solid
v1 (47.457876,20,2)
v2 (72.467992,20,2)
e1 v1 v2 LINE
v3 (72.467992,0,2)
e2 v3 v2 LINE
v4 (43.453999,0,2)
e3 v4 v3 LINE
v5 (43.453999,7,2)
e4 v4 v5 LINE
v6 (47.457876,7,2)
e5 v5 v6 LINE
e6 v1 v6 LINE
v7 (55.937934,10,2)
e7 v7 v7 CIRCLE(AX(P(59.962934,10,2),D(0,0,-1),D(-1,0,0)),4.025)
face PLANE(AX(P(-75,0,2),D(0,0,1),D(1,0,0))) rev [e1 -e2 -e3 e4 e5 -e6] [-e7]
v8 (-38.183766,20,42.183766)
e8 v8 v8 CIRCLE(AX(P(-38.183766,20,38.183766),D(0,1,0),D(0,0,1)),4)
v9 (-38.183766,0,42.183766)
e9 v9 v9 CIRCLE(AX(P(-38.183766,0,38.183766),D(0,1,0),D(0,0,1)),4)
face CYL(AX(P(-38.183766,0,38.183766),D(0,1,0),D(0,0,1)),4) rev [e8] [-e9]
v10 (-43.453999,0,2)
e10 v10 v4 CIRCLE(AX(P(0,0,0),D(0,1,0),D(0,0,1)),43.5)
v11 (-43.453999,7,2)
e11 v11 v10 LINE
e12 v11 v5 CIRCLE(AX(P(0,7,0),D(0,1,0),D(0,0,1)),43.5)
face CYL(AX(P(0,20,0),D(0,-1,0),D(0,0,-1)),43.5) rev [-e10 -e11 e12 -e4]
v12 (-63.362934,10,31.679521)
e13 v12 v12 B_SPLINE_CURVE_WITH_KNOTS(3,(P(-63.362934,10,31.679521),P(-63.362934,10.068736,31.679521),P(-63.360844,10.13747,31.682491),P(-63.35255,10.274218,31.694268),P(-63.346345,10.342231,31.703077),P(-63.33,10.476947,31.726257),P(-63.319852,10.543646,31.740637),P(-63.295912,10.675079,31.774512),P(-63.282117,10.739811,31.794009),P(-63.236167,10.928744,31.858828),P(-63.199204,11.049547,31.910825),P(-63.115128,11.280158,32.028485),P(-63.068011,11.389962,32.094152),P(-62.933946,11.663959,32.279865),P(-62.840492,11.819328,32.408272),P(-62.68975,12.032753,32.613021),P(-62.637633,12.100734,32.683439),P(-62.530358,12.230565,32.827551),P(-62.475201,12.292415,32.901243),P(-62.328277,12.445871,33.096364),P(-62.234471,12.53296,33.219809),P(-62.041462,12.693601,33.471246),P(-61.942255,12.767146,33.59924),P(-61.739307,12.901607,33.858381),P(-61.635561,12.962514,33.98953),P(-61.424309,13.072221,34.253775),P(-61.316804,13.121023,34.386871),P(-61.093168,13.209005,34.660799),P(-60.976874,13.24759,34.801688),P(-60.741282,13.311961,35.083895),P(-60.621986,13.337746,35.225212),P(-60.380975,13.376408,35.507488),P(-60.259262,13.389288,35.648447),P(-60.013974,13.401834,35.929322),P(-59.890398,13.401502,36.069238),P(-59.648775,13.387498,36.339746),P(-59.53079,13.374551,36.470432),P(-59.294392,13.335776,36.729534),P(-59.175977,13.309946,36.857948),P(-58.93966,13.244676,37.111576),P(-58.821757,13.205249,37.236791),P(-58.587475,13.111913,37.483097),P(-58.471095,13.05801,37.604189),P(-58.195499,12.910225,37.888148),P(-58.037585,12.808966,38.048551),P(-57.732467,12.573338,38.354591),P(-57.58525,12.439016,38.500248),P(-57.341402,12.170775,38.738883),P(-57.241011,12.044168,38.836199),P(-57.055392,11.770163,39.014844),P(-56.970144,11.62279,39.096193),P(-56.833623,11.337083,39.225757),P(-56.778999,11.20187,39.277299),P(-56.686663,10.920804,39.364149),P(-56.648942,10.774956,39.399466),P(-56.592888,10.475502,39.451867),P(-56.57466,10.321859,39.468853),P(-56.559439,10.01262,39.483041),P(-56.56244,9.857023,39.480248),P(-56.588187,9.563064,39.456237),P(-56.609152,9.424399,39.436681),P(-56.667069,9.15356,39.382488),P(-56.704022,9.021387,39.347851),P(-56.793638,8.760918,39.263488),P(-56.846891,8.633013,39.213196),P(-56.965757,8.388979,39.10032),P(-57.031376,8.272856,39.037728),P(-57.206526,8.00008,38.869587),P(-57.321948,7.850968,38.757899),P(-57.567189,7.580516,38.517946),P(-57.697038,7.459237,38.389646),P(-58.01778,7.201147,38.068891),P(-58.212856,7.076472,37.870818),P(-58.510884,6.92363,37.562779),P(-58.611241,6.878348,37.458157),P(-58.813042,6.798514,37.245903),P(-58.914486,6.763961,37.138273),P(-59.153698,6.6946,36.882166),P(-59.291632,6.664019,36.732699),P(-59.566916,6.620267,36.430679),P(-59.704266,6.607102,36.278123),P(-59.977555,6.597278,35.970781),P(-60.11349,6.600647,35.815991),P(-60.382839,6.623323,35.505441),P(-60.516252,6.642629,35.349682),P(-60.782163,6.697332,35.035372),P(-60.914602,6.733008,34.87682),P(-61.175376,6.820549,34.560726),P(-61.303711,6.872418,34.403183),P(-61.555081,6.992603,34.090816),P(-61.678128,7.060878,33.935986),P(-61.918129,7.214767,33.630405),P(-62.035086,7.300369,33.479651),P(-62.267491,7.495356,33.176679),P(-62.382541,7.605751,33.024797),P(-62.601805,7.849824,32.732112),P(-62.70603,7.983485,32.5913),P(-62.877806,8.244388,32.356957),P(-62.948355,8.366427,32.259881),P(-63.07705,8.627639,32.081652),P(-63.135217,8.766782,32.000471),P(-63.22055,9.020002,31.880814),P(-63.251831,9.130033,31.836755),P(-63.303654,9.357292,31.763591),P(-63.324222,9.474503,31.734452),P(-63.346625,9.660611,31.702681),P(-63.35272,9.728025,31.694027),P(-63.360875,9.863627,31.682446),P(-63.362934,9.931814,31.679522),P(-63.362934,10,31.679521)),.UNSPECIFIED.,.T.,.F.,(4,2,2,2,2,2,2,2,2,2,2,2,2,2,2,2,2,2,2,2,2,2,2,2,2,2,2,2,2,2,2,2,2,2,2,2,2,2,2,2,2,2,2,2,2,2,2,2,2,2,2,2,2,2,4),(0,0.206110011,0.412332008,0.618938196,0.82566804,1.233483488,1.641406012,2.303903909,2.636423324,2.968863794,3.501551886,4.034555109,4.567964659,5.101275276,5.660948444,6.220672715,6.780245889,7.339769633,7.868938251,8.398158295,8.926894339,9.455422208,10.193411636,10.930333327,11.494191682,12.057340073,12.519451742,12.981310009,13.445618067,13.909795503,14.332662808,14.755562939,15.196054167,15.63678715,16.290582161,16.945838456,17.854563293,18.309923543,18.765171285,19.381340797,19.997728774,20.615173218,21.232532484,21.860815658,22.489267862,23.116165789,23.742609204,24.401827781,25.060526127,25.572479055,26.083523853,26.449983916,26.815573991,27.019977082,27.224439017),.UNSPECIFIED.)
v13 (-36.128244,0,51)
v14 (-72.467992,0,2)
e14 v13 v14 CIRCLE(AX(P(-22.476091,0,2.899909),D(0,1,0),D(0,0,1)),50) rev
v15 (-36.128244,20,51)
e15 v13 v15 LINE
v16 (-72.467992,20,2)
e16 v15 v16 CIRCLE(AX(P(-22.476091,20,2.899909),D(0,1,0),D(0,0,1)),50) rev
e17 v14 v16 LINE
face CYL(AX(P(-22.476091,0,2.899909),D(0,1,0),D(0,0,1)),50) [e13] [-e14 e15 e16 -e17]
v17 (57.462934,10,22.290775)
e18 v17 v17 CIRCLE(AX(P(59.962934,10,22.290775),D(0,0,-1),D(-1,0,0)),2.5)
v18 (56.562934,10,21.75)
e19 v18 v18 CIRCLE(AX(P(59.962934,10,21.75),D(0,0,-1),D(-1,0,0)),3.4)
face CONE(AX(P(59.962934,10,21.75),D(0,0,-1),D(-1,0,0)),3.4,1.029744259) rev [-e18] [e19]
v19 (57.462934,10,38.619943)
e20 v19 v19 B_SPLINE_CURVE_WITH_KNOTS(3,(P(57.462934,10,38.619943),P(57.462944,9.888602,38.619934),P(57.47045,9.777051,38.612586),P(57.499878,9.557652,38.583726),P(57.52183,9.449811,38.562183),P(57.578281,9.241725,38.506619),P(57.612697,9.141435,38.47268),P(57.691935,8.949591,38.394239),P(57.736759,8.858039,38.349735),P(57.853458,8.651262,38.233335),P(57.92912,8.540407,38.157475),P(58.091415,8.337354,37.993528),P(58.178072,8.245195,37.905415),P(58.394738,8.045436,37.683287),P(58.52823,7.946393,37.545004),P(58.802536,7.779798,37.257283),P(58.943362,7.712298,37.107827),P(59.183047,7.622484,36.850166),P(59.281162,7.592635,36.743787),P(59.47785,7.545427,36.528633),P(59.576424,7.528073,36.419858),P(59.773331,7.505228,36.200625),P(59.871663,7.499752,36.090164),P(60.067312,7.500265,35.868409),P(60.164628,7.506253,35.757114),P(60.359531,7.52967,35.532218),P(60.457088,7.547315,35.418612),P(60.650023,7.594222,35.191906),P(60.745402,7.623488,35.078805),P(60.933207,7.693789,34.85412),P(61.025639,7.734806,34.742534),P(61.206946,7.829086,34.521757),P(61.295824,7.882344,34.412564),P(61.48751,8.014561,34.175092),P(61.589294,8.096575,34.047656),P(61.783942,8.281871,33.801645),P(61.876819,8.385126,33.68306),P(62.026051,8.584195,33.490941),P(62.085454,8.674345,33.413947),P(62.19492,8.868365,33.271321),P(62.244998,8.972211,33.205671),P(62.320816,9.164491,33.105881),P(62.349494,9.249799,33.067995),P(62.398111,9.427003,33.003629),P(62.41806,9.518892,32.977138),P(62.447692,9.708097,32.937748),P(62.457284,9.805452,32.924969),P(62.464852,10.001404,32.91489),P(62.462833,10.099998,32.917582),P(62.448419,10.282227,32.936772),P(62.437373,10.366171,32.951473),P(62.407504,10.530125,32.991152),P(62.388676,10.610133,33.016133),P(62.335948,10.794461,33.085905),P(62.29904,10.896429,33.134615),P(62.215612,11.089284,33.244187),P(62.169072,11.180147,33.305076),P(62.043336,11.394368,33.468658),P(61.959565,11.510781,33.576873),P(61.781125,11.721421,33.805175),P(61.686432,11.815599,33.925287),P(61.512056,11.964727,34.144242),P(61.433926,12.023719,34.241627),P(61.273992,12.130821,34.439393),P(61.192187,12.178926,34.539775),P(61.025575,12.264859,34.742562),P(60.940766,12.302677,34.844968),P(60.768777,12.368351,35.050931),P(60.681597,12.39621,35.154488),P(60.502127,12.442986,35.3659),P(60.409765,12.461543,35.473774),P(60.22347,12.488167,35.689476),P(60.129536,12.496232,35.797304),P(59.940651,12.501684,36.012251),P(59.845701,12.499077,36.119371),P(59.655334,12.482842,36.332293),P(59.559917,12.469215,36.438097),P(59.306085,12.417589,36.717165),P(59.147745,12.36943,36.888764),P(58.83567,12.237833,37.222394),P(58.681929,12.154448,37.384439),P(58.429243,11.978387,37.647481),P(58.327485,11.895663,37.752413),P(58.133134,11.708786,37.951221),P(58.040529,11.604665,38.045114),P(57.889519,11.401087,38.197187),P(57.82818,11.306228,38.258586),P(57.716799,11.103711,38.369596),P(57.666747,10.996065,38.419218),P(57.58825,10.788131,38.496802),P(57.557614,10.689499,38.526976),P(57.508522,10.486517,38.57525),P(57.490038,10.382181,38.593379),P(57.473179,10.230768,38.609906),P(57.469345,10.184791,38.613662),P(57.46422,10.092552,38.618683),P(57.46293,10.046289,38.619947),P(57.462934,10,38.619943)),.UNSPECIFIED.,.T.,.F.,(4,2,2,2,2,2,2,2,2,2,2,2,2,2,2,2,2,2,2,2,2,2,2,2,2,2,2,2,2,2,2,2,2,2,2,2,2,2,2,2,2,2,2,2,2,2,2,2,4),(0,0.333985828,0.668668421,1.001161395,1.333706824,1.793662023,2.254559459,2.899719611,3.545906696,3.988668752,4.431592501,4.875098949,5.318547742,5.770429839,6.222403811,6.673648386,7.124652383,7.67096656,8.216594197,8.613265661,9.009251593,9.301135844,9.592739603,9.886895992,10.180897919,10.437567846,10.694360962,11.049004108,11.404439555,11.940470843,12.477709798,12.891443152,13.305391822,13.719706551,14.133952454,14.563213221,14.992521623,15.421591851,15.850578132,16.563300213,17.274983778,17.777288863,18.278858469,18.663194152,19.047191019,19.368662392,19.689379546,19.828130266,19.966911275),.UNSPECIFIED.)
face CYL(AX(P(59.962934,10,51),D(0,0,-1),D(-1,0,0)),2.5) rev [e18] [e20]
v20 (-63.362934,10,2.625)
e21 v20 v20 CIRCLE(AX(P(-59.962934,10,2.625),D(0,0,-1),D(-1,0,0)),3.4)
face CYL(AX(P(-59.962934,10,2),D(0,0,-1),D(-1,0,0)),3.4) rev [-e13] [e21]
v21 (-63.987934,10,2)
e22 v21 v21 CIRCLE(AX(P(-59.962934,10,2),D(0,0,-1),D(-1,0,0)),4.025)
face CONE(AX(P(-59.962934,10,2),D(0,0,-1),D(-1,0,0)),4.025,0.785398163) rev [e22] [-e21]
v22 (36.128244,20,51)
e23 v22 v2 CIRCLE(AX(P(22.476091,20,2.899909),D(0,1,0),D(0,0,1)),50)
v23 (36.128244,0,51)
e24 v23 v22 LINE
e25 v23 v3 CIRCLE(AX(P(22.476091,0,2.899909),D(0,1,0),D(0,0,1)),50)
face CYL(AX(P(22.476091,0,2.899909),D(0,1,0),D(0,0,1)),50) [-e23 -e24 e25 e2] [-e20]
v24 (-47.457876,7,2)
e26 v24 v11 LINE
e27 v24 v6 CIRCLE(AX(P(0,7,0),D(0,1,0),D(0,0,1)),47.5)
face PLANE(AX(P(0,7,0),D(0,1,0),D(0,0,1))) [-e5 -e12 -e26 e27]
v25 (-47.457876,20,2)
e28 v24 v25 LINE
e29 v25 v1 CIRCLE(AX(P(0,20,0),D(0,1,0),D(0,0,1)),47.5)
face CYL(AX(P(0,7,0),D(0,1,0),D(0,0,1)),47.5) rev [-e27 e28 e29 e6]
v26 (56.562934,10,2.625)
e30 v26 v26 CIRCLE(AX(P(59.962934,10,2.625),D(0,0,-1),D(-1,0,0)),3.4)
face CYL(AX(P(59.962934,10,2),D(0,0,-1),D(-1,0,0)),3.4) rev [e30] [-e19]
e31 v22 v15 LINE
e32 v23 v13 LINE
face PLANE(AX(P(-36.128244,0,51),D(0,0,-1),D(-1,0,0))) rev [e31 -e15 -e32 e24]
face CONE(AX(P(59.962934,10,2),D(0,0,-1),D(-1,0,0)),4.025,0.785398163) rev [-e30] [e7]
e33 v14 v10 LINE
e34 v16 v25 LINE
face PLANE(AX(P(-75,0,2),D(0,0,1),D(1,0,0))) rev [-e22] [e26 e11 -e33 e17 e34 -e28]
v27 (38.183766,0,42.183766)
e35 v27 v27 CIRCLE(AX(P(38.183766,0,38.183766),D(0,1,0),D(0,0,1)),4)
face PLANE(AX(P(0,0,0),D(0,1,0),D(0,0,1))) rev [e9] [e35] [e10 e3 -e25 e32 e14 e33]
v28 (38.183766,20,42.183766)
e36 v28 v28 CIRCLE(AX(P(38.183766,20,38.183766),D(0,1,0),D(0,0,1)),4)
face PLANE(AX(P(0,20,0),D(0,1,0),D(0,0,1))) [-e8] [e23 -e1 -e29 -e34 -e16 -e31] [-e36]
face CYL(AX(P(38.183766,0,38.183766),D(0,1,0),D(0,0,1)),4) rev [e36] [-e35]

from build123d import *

# Parameters (mm, degrees)
SKETCH1_R                   = 62.5
SKETCH1_R_2                 = 43.5
BOSS_EXTRUDE1_DEPTH         = 20
SKETCH2_R                   = 47.5
CUT_EXTRUDE1_DEPTH          = 13
SKETCH3_R                   = 4
CUT_EXTRUDE2_DEPTH          = 91.622844802
SKETCH4_W                   = 150
SKETCH4_H                   = 64.5
SKETCH4_W_2                 = 72.256487598
SKETCH4_H_2                 = 11.5
CUT_EXTRUDE3_DEPTH          = 91.622844802
BOSS_EXTRUDE4_DEPTH         = 20
SKETCH7_R                   = 2.5
CUT_EXTRUDE4_DEPTH          = 90.742875716
M8_TAPPED_HOLE1_D           = 6.8
M8_TAPPED_HOLE1_DEPTH       = 38.75
M8_TAPPED_HOLE1_CSINK_D     = 8.05
M8_TAPPED_HOLE1_CSINK_ANGLE = 90
M8_TAPPED_HOLE1_TIP         = 2.042926105
M8_TAPPED_HOLE2_D           = 6.8
M8_TAPPED_HOLE2_DEPTH       = 19.75
M8_TAPPED_HOLE2_CSINK_D     = 8.05
M8_TAPPED_HOLE2_CSINK_ANGLE = 90
M8_TAPPED_HOLE2_TIP         = 2.042926105


with BuildPart() as part:
    # Sketch1 → Boss-Extrude1 (new body)
    with BuildSketch(Plane(origin=(0, 0, 0), x_dir=(1, 0, 0), z_dir=(0, 1, 0))):
        with Locations(Location((0, 0, 0), (0, 0, 270))):
            Circle(SKETCH1_R)
        with Locations(Location((0, 0, 0), (0, 0, 270))):
            Circle(SKETCH1_R_2, mode=Mode.SUBTRACT)
    extrude(amount=BOSS_EXTRUDE1_DEPTH)

    # Sketch2 → Cut-Extrude1 (cut)
    with BuildSketch(Plane(origin=(0, 20, 0), x_dir=(1, 0, 0), z_dir=(0, 1, 0))):
        with Locations(Location((0, 0, 0), (0, 0, 270))):
            Circle(SKETCH2_R)
    extrude(amount=-CUT_EXTRUDE1_DEPTH, mode=Mode.SUBTRACT)

    # Sketch3 → Cut-Extrude2 (cut, through all)
    with BuildSketch(Plane(origin=(0, 20, 0), x_dir=(1, 0, 0), z_dir=(0, 1, 0))):
        with Locations(Location((38.183766184, 38.183766184, 0), (0, 0, 270))):
            Circle(SKETCH3_R)
        with Locations(Location((38.183766184, -38.183766184, 0), (0, 0, 270))):
            Circle(SKETCH3_R)
        with Locations(Location((-38.183766184, -38.183766184, 0), (0, 0, 270))):
            Circle(SKETCH3_R)
        with Locations(Location((-38.183766184, 38.183766184, 0), (0, 0, 270))):
            Circle(SKETCH3_R)
    extrude(amount=-CUT_EXTRUDE2_DEPTH, mode=Mode.SUBTRACT)

    # Sketch4 → Cut-Extrude3 (cut, through all)
    with BuildSketch(Plane(origin=(0, 20, 0), x_dir=(1, 0, 0), z_dir=(0, 1, 0))):
        with Locations((0, 30.25)):
            Rectangle(SKETCH4_W, SKETCH4_H)
        with Locations((0, -56.75)):
            Rectangle(SKETCH4_W_2, SKETCH4_H_2)
    extrude(amount=-CUT_EXTRUDE3_DEPTH, mode=Mode.SUBTRACT)

    # Sketch6 → Boss-Extrude4 (add, through all)
    with BuildSketch(Plane(origin=(0, 20, 0), x_dir=(1, 0, 0), z_dir=(0, 1, 0))):
        with BuildLine():
            Line((-62.467991804, -2), (-72.467991804, -2))
            ThreePointArc((-72.467991804, -2), (-62.636910051, -32.684277735), (-36.128243799, -51))
            ThreePointArc((-36.128243799, -51), (-55.050471558, -29.592154049), (-62.467991804, -2))
        make_face()
        with BuildLine():
            ThreePointArc((62.467991804, -2), (55.050471558, -29.592154049), (36.128243799, -51))
            ThreePointArc((36.128243799, -51), (62.636910051, -32.684277735), (72.467991804, -2))
            Line((72.467991804, -2), (62.467991804, -2))
        make_face()
    extrude(amount=-BOSS_EXTRUDE4_DEPTH)

    # Sketch7 → Cut-Extrude4 (cut, through all)
    with BuildSketch(Plane(origin=(0, 0, 2), x_dir=(-1, 0, 0), z_dir=(0, 0, -1))):
        with Locations((-59.962933931, 10)):
            Circle(SKETCH7_R)
    extrude(amount=-CUT_EXTRUDE4_DEPTH, mode=Mode.SUBTRACT)

    # M8 Tapped Hole1
    with Locations(Plane(origin=(-59.962933931, 10, 2), x_dir=(-1, 0, 0), z_dir=(0, 0, -1))):
        with Locations((0, 0)):
            CounterSinkHole(M8_TAPPED_HOLE1_D / 2, M8_TAPPED_HOLE1_CSINK_D / 2, depth=M8_TAPPED_HOLE1_DEPTH, counter_sink_angle=M8_TAPPED_HOLE1_CSINK_ANGLE)
            with Locations((0, 0, -(M8_TAPPED_HOLE1_DEPTH + M8_TAPPED_HOLE1_TIP / 2))):  # 118° drill point
                Cone(0, M8_TAPPED_HOLE1_D / 2, M8_TAPPED_HOLE1_TIP, mode=Mode.SUBTRACT)

    # M8 Tapped Hole2
    with Locations(Plane(origin=(59.962933931, 10, 2), x_dir=(-1, 0, 0), z_dir=(0, 0, -1))):
        with Locations((0, 0)):
            CounterSinkHole(M8_TAPPED_HOLE2_D / 2, M8_TAPPED_HOLE2_CSINK_D / 2, depth=M8_TAPPED_HOLE2_DEPTH, counter_sink_angle=M8_TAPPED_HOLE2_CSINK_ANGLE)
            with Locations((0, 0, -(M8_TAPPED_HOLE2_DEPTH + M8_TAPPED_HOLE2_TIP / 2))):  # 118° drill point
                Cone(0, M8_TAPPED_HOLE2_D / 2, M8_TAPPED_HOLE2_TIP, mode=Mode.SUBTRACT)


solid = part.part
